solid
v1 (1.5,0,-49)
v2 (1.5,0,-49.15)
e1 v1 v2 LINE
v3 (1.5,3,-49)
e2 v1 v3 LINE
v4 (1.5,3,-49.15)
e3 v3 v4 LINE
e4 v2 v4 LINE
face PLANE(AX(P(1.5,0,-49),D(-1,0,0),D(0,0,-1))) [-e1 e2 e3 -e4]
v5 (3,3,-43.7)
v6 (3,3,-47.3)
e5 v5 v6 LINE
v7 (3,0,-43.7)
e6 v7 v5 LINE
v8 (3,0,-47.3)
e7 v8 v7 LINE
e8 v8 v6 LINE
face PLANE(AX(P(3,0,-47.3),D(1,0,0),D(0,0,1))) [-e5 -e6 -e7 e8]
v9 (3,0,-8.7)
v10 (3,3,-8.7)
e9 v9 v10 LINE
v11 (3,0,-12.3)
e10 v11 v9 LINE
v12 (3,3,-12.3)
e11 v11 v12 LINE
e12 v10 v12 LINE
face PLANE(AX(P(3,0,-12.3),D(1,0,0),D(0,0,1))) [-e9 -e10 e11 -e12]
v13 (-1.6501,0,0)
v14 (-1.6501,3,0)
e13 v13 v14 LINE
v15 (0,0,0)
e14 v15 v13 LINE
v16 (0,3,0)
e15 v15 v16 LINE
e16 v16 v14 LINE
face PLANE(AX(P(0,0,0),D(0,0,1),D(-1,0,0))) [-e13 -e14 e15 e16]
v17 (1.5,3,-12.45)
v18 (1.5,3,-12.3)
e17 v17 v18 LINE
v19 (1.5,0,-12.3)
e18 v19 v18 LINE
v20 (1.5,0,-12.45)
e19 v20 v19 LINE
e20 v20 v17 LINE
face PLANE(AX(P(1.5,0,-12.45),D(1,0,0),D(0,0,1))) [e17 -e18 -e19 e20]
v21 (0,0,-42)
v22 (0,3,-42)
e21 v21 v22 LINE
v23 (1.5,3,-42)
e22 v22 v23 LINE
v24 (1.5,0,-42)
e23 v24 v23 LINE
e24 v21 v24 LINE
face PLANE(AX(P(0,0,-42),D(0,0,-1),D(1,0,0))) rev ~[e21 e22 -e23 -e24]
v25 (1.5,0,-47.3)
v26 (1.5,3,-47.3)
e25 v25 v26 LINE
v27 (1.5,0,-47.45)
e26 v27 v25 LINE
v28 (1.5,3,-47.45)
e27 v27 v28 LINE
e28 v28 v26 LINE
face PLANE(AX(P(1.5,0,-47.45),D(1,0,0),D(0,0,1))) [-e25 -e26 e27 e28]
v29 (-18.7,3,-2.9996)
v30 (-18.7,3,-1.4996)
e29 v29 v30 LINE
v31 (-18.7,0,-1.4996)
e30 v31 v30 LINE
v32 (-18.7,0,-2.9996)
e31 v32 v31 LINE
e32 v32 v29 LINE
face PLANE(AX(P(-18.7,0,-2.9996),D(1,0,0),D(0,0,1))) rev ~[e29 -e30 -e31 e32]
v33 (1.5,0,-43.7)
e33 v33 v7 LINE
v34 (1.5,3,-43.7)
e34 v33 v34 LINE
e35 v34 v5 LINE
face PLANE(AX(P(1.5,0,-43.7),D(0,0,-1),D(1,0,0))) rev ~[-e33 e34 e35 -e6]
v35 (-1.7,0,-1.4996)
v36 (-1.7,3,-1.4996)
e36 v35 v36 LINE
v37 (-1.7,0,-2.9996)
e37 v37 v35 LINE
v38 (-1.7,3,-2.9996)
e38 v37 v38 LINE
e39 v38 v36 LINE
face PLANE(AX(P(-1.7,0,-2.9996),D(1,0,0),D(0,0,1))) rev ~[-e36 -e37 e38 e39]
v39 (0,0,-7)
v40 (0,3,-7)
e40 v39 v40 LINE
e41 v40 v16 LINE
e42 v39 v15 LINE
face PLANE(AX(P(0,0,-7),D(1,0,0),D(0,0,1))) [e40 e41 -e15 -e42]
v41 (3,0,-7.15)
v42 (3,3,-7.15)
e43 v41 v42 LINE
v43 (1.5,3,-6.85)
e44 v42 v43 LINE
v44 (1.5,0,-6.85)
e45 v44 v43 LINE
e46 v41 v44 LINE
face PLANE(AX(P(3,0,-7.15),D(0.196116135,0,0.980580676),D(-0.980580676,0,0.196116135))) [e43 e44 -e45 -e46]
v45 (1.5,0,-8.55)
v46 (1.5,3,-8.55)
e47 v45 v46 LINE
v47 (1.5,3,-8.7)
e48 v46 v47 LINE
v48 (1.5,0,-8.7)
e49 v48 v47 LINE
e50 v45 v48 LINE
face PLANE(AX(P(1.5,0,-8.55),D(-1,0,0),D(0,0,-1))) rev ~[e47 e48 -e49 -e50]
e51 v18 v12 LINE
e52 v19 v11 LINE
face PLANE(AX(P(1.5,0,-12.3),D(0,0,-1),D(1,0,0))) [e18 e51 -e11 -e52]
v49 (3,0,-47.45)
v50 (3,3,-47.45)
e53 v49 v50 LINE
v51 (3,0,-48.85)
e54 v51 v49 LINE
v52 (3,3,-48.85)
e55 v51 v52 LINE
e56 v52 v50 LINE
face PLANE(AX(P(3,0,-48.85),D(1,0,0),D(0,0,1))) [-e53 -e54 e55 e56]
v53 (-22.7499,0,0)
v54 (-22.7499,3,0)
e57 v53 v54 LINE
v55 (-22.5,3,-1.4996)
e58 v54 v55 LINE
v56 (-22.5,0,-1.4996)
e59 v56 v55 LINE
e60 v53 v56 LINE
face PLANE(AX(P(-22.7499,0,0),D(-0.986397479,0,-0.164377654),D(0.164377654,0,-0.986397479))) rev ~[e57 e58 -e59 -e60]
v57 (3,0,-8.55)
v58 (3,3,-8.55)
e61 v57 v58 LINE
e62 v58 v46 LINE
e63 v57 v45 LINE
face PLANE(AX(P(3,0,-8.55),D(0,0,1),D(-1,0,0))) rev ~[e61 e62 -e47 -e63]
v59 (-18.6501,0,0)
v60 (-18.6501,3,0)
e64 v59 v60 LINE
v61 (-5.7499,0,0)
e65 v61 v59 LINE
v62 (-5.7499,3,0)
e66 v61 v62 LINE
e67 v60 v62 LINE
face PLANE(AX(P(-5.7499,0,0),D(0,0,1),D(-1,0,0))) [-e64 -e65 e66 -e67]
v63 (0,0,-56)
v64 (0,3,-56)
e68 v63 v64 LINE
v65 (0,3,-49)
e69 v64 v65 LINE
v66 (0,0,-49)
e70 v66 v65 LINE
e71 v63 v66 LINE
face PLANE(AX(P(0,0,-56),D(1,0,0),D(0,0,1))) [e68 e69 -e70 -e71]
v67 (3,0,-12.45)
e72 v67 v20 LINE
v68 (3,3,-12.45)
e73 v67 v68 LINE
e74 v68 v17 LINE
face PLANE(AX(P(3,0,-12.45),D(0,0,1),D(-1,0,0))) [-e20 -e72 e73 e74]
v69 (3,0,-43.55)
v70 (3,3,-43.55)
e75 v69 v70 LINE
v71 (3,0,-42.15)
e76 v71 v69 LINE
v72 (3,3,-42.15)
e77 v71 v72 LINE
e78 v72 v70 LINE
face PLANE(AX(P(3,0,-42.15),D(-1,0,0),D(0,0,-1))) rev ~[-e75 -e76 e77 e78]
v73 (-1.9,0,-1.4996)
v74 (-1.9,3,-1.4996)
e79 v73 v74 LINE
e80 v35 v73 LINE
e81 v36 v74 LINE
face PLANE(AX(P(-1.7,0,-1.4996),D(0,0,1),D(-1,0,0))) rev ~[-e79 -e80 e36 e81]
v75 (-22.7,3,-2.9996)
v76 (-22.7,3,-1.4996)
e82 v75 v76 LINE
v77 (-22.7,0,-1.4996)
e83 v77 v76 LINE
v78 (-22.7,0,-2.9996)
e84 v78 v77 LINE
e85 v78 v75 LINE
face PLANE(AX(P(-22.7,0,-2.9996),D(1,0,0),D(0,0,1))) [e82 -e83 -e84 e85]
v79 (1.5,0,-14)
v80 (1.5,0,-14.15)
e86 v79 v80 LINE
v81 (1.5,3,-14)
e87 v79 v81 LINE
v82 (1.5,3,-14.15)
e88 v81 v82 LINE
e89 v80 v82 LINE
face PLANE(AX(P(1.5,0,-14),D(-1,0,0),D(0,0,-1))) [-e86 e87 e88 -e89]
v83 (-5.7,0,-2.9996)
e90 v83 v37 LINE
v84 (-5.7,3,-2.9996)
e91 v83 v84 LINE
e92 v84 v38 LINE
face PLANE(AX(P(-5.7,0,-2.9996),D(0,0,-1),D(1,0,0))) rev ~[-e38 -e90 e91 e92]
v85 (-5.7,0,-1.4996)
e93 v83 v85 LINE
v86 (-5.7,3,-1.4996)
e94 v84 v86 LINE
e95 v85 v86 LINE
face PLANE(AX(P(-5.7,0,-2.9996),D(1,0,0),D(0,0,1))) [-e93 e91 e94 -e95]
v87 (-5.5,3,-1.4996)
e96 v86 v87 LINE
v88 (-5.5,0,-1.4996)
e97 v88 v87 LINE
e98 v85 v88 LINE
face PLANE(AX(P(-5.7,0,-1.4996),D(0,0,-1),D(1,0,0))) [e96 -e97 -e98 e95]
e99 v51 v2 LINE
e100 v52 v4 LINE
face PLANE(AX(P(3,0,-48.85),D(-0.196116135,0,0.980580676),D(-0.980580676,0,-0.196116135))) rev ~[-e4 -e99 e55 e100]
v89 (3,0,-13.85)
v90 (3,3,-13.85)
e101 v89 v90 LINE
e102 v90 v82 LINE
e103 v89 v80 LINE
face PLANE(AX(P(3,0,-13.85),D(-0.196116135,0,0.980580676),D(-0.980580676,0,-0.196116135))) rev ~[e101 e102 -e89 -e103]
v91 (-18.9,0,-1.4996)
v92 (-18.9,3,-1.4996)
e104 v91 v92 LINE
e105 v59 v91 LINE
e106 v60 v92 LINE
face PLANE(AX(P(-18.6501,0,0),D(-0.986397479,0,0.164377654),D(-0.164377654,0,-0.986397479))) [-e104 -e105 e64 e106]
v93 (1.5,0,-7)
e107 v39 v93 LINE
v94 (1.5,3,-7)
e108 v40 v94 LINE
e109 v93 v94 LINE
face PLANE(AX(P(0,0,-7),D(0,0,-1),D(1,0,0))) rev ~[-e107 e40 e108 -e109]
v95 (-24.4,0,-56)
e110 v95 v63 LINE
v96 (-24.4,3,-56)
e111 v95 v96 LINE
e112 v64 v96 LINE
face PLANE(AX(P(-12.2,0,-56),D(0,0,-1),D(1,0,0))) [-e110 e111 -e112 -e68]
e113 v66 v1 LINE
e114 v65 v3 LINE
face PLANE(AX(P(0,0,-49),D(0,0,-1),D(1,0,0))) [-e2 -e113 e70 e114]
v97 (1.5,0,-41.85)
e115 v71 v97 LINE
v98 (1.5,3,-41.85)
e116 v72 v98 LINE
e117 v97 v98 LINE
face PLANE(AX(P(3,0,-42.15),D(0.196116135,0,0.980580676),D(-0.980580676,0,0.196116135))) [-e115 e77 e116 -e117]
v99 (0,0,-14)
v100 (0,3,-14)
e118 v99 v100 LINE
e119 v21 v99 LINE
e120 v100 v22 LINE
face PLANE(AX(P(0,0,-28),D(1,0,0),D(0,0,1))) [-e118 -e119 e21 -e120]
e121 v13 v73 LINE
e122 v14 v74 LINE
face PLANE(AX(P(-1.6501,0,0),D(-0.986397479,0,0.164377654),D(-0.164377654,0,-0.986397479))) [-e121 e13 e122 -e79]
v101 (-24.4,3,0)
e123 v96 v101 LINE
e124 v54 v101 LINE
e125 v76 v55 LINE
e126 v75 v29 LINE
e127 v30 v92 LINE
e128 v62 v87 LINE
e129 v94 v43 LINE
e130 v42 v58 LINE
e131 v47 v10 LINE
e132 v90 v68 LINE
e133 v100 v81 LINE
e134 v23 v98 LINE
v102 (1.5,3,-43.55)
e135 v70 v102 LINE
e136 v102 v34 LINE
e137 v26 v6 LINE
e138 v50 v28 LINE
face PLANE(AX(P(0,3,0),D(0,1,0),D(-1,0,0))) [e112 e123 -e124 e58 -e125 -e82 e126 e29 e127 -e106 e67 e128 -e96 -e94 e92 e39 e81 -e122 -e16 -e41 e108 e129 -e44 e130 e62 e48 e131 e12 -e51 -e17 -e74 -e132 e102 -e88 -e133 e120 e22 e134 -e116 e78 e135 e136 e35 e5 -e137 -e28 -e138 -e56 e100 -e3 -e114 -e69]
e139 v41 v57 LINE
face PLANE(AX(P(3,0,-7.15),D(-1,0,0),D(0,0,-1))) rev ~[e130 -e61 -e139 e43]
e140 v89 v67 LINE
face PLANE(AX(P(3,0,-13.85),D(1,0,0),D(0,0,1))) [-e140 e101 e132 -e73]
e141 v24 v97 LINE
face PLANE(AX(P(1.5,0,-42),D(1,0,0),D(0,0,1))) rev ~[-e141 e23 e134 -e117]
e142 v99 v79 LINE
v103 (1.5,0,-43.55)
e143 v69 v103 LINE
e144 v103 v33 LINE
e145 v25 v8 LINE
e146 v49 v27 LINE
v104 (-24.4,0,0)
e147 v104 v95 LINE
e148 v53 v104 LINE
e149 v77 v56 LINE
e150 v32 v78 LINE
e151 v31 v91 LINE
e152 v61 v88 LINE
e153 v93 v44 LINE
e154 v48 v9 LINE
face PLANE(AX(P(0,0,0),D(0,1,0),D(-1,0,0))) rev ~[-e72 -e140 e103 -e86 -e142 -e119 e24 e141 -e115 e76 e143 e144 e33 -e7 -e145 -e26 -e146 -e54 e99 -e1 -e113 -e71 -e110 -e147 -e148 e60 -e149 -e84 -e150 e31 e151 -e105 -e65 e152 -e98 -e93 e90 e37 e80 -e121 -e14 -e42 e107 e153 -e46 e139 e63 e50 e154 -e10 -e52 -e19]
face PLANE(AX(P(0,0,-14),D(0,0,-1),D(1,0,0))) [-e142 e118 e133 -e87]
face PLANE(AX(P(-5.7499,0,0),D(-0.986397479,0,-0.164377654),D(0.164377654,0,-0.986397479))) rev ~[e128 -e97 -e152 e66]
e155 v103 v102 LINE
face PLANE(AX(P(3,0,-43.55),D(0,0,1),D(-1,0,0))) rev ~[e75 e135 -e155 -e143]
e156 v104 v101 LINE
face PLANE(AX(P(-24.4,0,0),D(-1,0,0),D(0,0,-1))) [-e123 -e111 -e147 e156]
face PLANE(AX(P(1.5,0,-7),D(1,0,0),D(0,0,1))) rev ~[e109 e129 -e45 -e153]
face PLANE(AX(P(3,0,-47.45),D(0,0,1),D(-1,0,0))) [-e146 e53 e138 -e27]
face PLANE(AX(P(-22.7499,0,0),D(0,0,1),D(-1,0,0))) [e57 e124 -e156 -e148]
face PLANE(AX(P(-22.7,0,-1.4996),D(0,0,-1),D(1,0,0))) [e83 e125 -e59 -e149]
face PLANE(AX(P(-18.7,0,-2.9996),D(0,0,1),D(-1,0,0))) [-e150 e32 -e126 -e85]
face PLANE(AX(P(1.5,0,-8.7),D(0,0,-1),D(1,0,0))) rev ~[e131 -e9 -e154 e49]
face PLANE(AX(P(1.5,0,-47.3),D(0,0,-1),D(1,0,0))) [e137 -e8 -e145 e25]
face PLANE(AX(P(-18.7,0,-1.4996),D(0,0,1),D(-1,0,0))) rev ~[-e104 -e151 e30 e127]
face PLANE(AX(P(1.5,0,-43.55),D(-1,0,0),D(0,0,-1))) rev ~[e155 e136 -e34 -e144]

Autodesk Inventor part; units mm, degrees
ref_plane "YZ Plane" through (0, 0, 0) normal (1, 0, 0) x (0, 1, 0)
ref_plane "XZ Plane" through (0, 0, 0) normal (0, 1, 0) x (-1, 0, 0)
ref_plane "XY Plane" through (0, 0, 0) normal (0, 0, 1) x (1, 0, 0)
sketch "草圖1" plane through (0, 0, 0) normal (0, 1, 0) x (-1, 0, 0)
  line L0 (0, 0) -> (24.4, 0)
  line L1 (24.4, 0) -> (24.4, -56)
  line L2 (24.4, -56) -> (0, -56)
  line L3 (0, -56) -> (0, 0)
  line L4 (5.7, 0) -> (1.7, 0)
  line L5 (22.6499, 0) -> (18.7501, 0)
  line L6 (18.7, -2.9996) -> (22.7, -2.9996)
  line L7 (22.7, -2.9996) -> (22.7, -1.4996)
  line L8 (22.7, -1.4996) -> (22.5, -1.4996)
  line L9 (22.6499, 0) -> (22.7499, 0)
  line L10 (22.7499, 0) -> (22.5, -1.4996)
  line L11 (20.7, 0) -> (20.7, -2.9996)
  line L12 (18.7, -2.9996) -> (18.7, -1.4996)
  line L13 (18.7, -1.4996) -> (18.9, -1.4996)
  line L14 (18.6501, 0) -> (18.9, -1.4996)
  line L15 (12.2, 0) -> (12.2, -56)
  line L16 (5.7, -2.9996) -> (1.7, -2.9996)
  line L17 (1.7, -2.9996) -> (1.7, -1.4996)
  line L18 (1.7, -1.4996) -> (1.9, -1.4996)
  line L19 (1.6501, 0) -> (1.9, -1.4996)
  line L20 (5.7, -2.9996) -> (5.7, -1.4996)
  line L21 (5.7, -1.4996) -> (5.5, -1.4996)
  line L22 (5.7499, 0) -> (5.5, -1.4996)
  line L23 (0, -7) -> (-1.5, -7)
  line L24 (-1.5, -7) -> (-1.5, -6.85)
  line L25 (-3, -7.15) -> (-1.5, -6.85)
  line L26 (-3, -7.15) -> (-3, -8.55)
  line L27 (-3, -8.55) -> (-1.5, -8.55)
  line L28 (-1.5, -8.55) -> (-1.5, -8.7)
  line L29 (-1.5, -8.7) -> (-3, -8.7)
  line L30 (-3, -8.7) -> (-3, -10.5)
  line L31 (-3, -10.5) -> (0, -10.5)
  line L32 (0, -14) -> (-1.5, -14)
  line L33 (-1.5, -14) -> (-1.5, -14.15)
  line L34 (-3, -13.85) -> (-1.5, -14.15)
  line L35 (-3, -13.85) -> (-3, -12.45)
  line L36 (-3, -12.45) -> (-1.5, -12.45)
  line L37 (-1.5, -12.45) -> (-1.5, -12.3)
  line L38 (-1.5, -12.3) -> (-3, -12.3)
  line L39 (-3, -12.3) -> (-3, -10.5)
  line L40 (24.4, -28) -> (0, -28)
  line L41 (0, -49) -> (-1.5, -49)
  line L42 (-1.5, -49) -> (-1.5, -49.15)
  line L43 (-3, -48.85) -> (-1.5, -49.15)
  line L44 (-3, -48.85) -> (-3, -47.45)
  line L45 (-3, -47.45) -> (-1.5, -47.45)
  line L46 (-1.5, -47.45) -> (-1.5, -47.3)
  line L47 (-1.5, -47.3) -> (-3, -47.3)
  line L48 (-3, -47.3) -> (-3, -45.5)
  line L49 (-3, -45.5) -> (0, -45.5)
  line L50 (0, -42) -> (-1.5, -42)
  line L51 (-1.5, -42) -> (-1.5, -41.85)
  line L52 (-1.5, -43.55) -> (-1.5, -43.7)
  line L53 (-3, -42.15) -> (-3, -43.55)
  line L54 (-3, -43.55) -> (-1.5, -43.55)
  line L55 (-1.5, -43.7) -> (-3, -43.7)
  line L56 (-3, -43.7) -> (-3, -45.5)
  line L57 (-3, -42.15) -> (-1.5, -41.85)
  point P0 (0, -14)
  point P1 (0, -42)
  point P2 (18.6501, 0)
  point P3 (5.7499, 0)
  point P4 (1.6501, 0)
  dimension "d0" = 56
  dimension "d1" = 24.4
  dimension "d5" = 3
  dimension "d6" = 4
  dimension "d7" = 3.7
  dimension "d8" = 1.5
  dimension "d9" = 0.2
  dimension "d10" = 0.1
  dimension "d11" = 9.462
  dimension "d12" = 1.7
  dimension "d14" = 0.15
  dimension "d17" = 1.4
  dimension "d18" = 0.15
  dimension "d19" = 1.8
  dimension "d20" = 7
  dimension "d21" = 78.69
  dimension "d22" = 25.9
  dimension "d23" = 25.9
  dimension "d24" = 27.4
  dimension "d25" = 27.4
  dimension "d26" = 18.7
  dimension "d27" = 22.7
  dimension "d31" = 0.15
extrude "擠出1" add sketch "草圖1" along normal blind 3 contours L0 L19 L18 L17 L16 L20 L21 L22 L15 L40 L3 | L3 L31 L30 L29 L28 L27 L26 L25 L24 L23 | L3 L32 L33 L34 L35 L36 L37 L38 L39 L31 | L40 L15 L2 L3 | L0 L14 L13 L12 L6 L7 L8 L10 L1 L40 L15 | L3 L49 L56 L55 L52 L54 L53 L57 L51 L50 | L40 L1 L2 L15 | L3 L41 L42 L43 L44 L45 L46 L47 L48 L49
properties part number "左右"
